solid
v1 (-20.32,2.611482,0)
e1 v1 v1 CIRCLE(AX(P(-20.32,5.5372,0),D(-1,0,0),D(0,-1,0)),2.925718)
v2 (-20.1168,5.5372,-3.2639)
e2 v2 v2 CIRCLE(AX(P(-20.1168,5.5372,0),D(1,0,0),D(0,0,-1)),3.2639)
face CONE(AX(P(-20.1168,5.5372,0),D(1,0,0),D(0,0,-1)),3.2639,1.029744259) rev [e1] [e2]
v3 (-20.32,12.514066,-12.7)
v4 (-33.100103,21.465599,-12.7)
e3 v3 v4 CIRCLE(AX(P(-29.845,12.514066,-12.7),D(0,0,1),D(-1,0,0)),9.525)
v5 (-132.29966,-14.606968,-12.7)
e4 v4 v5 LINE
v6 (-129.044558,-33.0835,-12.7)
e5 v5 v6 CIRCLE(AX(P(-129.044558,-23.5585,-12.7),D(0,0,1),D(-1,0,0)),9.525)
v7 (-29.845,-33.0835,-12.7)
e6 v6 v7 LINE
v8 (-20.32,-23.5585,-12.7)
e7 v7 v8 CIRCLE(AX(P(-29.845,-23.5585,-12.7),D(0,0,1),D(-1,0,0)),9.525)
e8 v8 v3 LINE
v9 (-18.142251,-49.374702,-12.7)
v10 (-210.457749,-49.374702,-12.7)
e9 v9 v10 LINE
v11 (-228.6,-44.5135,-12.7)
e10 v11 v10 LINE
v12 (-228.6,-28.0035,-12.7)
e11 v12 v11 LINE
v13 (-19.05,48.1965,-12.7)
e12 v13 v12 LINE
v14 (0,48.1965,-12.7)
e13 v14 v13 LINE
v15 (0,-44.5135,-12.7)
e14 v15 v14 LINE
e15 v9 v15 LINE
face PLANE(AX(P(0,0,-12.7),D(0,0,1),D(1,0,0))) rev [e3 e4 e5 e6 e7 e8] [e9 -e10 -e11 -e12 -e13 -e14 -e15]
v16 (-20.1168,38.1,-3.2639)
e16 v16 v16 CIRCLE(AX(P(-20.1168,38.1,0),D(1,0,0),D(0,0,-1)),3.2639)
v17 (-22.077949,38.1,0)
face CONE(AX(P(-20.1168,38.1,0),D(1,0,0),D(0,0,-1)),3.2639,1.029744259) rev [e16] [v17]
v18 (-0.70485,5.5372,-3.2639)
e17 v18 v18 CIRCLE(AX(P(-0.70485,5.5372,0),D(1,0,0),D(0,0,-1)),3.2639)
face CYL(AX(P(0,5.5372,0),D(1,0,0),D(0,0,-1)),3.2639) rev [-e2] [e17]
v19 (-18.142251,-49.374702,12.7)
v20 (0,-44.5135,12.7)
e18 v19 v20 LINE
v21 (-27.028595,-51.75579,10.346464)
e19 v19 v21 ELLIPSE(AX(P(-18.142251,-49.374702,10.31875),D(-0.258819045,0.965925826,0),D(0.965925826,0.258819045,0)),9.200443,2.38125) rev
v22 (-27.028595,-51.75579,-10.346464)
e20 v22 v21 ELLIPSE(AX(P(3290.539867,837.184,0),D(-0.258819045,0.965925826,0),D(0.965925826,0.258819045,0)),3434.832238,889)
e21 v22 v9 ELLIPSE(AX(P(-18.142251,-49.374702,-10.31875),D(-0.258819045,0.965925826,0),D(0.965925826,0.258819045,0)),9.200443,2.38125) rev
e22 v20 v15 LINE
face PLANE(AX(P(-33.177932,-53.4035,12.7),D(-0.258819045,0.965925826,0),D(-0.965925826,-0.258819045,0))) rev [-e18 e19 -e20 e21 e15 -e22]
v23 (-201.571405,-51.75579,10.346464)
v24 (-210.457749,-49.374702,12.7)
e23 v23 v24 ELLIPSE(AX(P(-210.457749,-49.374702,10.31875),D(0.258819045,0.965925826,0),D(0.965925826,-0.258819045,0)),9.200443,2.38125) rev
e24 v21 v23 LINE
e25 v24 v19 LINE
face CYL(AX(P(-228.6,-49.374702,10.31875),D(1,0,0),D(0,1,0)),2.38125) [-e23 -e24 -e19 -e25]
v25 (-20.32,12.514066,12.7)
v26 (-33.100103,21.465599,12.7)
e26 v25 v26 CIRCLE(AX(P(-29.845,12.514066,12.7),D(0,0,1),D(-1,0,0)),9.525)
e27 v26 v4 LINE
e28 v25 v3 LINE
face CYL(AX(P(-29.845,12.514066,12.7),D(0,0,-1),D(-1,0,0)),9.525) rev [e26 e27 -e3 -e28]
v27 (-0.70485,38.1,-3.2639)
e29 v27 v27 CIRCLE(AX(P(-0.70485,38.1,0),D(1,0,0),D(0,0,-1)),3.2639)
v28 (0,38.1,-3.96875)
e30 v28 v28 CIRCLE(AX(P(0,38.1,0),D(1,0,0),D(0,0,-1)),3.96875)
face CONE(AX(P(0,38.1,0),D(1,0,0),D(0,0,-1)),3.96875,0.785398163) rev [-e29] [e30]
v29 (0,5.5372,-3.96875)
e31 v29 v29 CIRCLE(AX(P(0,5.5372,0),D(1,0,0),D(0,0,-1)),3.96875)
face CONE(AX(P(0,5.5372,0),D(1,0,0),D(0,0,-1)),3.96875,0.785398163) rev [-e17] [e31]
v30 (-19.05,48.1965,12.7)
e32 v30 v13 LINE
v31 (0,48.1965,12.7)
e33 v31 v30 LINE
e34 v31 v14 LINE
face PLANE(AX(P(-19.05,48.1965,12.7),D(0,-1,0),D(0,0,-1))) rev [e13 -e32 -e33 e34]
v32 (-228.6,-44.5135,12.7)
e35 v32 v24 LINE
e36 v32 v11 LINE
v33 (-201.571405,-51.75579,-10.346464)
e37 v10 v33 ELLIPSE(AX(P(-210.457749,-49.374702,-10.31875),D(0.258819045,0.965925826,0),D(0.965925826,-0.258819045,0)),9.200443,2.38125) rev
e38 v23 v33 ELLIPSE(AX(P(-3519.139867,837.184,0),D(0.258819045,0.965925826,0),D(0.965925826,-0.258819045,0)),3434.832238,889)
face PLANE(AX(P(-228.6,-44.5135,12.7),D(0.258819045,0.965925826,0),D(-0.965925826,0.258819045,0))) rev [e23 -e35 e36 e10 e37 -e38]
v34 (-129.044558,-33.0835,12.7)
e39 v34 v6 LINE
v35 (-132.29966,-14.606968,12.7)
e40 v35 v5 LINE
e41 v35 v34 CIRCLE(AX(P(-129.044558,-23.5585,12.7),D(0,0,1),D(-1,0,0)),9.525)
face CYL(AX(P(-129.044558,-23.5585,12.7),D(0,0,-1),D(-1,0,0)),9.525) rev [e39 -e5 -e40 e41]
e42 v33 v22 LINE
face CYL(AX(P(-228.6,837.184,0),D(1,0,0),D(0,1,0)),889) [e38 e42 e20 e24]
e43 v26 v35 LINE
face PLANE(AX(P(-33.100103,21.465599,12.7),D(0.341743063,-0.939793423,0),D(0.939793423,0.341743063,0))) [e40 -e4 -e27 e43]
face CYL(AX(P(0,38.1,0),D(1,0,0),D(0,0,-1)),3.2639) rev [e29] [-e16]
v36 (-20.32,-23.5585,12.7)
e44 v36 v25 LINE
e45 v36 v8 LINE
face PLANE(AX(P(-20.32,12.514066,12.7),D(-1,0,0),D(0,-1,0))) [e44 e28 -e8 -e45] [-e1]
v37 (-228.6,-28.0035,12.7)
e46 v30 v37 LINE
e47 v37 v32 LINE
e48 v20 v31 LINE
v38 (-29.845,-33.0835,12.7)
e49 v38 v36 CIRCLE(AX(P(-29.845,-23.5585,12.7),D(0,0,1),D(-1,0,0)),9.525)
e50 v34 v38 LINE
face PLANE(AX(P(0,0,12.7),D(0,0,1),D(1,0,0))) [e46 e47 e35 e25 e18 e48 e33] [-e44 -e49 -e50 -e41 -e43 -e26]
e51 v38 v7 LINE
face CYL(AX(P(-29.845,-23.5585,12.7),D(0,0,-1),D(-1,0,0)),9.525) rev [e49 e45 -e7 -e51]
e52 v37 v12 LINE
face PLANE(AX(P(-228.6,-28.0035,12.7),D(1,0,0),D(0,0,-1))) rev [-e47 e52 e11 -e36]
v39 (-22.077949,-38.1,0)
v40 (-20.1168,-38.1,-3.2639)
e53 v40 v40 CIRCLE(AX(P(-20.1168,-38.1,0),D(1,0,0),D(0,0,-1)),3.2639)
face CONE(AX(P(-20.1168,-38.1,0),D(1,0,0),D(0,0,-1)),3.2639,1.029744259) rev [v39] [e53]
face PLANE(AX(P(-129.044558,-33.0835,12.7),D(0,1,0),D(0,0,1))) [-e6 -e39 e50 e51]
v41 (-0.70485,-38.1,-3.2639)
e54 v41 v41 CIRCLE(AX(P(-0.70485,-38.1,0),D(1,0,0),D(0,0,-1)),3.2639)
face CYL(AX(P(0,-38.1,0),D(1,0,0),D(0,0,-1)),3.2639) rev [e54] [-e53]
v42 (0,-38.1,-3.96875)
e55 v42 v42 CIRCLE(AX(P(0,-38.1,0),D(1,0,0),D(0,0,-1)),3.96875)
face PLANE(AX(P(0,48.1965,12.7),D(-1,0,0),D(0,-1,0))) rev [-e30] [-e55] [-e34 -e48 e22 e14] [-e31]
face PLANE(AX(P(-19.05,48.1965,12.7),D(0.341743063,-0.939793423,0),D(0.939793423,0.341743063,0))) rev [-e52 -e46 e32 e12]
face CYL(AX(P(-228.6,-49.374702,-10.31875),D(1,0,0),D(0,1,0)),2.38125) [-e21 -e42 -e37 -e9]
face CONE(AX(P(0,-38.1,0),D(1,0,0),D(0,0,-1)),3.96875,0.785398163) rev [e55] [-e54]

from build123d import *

# Parameters (mm, degrees)
BOSS_EXTRUDE1_DEPTH                = 12.7
F_5_16_18_TAPPED_HOLE1_D           = 6.5278
F_5_16_18_TAPPED_HOLE1_DEPTH       = 20.1168
F_5_16_18_TAPPED_HOLE1_CSINK_D     = 7.9375
F_5_16_18_TAPPED_HOLE1_CSINK_ANGLE = 90
F_5_16_18_TAPPED_HOLE1_TIP         = 1.961148974
SKETCH8_OUTSIDE_W                  = 77.69
SKETCH8_OUTSIDE_H                  = 153.891
CUT_EXTRUDE1_DEPTH                 = 229.6
FILLET1_R                          = 2.38125


with BuildPart() as part:
    # Sketch1 w/mock PCB → Boss-Extrude1 (new body, symmetric)
    with BuildSketch(Plane.XY):
        Polygon((-19.05, 48.1965), (-228.6, -28.0035), (-228.6, -44.5135), (-195.422068321, -53.4035), (-33.177931679, -53.4035), (0, -44.5135), (0, 48.1965), align=None)
        with BuildLine():
            Line((-20.32, 12.51406647), (-20.32, -23.5585))
            ThreePointArc((-20.32, -23.5585), (-23.109807909, -30.293692091), (-29.845, -33.0835))
            Line((-29.845, -33.0835), (-129.044557791, -33.0835))
            ThreePointArc((-129.044557791, -33.0835), (-138.425095375, -25.211115999), (-132.299660467, -14.606967641))
            Line((-132.299660467, -14.606967641), (-33.100102676, 21.465598828))
            ThreePointArc((-33.100102676, 21.465598828), (-24.380534243, 20.315684186), (-20.32, 12.51406647))
        make_face(mode=Mode.SUBTRACT)
    extrude(amount=BOSS_EXTRUDE1_DEPTH, both=True)

    # 5/16-18 Tapped Hole1
    with Locations(Plane(origin=(0, 31.393459191, 0.765177918), x_dir=(0, 0, 1), z_dir=(1, 0, 0))):
        with Locations((-0.765177918, 69.493459191), (-0.765177918, 25.856259191), (-0.765177918, -6.706540809)):
            CounterSinkHole(F_5_16_18_TAPPED_HOLE1_D / 2, F_5_16_18_TAPPED_HOLE1_CSINK_D / 2, depth=F_5_16_18_TAPPED_HOLE1_DEPTH, counter_sink_angle=F_5_16_18_TAPPED_HOLE1_CSINK_ANGLE)
            with Locations((0, 0, -(F_5_16_18_TAPPED_HOLE1_DEPTH + F_5_16_18_TAPPED_HOLE1_TIP / 2))):  # 118° drill point
                Cone(0, F_5_16_18_TAPPED_HOLE1_D / 2, F_5_16_18_TAPPED_HOLE1_TIP, mode=Mode.SUBTRACT)

    # Sketch8 outside → Cut-Extrude1 (cut, through all)
    with BuildSketch(Plane(origin=(0, 0, 0), x_dir=(0, 0, -1), z_dir=(1, 0, 0))):
        with Locations((0, -2.6035)):
            Rectangle(SKETCH8_OUTSIDE_W, SKETCH8_OUTSIDE_H)
        with BuildLine():
            Line((12.7, 48.1965), (12.7, -51.725281086))
            ThreePointArc((12.7, -51.725281086), (0, -51.816), (-12.7, -51.725281086))
            Line((-12.7, -51.725281086), (-12.7, 48.1965))
            Line((-12.7, 48.1965), (12.7, 48.1965))
        make_face(mode=Mode.SUBTRACT)
    extrude(amount=-CUT_EXTRUDE1_DEPTH, mode=Mode.SUBTRACT)

    # Fillet1
    fillet1_edges = [part.edges().sort_by_distance(p)[0] for p in [
        (-114.3, -51.725281086, -12.7),
        (-114.3, -51.725281086, 12.7),
    ]]
    fillet(fillet1_edges, radius=FILLET1_R)


solid = part.part
